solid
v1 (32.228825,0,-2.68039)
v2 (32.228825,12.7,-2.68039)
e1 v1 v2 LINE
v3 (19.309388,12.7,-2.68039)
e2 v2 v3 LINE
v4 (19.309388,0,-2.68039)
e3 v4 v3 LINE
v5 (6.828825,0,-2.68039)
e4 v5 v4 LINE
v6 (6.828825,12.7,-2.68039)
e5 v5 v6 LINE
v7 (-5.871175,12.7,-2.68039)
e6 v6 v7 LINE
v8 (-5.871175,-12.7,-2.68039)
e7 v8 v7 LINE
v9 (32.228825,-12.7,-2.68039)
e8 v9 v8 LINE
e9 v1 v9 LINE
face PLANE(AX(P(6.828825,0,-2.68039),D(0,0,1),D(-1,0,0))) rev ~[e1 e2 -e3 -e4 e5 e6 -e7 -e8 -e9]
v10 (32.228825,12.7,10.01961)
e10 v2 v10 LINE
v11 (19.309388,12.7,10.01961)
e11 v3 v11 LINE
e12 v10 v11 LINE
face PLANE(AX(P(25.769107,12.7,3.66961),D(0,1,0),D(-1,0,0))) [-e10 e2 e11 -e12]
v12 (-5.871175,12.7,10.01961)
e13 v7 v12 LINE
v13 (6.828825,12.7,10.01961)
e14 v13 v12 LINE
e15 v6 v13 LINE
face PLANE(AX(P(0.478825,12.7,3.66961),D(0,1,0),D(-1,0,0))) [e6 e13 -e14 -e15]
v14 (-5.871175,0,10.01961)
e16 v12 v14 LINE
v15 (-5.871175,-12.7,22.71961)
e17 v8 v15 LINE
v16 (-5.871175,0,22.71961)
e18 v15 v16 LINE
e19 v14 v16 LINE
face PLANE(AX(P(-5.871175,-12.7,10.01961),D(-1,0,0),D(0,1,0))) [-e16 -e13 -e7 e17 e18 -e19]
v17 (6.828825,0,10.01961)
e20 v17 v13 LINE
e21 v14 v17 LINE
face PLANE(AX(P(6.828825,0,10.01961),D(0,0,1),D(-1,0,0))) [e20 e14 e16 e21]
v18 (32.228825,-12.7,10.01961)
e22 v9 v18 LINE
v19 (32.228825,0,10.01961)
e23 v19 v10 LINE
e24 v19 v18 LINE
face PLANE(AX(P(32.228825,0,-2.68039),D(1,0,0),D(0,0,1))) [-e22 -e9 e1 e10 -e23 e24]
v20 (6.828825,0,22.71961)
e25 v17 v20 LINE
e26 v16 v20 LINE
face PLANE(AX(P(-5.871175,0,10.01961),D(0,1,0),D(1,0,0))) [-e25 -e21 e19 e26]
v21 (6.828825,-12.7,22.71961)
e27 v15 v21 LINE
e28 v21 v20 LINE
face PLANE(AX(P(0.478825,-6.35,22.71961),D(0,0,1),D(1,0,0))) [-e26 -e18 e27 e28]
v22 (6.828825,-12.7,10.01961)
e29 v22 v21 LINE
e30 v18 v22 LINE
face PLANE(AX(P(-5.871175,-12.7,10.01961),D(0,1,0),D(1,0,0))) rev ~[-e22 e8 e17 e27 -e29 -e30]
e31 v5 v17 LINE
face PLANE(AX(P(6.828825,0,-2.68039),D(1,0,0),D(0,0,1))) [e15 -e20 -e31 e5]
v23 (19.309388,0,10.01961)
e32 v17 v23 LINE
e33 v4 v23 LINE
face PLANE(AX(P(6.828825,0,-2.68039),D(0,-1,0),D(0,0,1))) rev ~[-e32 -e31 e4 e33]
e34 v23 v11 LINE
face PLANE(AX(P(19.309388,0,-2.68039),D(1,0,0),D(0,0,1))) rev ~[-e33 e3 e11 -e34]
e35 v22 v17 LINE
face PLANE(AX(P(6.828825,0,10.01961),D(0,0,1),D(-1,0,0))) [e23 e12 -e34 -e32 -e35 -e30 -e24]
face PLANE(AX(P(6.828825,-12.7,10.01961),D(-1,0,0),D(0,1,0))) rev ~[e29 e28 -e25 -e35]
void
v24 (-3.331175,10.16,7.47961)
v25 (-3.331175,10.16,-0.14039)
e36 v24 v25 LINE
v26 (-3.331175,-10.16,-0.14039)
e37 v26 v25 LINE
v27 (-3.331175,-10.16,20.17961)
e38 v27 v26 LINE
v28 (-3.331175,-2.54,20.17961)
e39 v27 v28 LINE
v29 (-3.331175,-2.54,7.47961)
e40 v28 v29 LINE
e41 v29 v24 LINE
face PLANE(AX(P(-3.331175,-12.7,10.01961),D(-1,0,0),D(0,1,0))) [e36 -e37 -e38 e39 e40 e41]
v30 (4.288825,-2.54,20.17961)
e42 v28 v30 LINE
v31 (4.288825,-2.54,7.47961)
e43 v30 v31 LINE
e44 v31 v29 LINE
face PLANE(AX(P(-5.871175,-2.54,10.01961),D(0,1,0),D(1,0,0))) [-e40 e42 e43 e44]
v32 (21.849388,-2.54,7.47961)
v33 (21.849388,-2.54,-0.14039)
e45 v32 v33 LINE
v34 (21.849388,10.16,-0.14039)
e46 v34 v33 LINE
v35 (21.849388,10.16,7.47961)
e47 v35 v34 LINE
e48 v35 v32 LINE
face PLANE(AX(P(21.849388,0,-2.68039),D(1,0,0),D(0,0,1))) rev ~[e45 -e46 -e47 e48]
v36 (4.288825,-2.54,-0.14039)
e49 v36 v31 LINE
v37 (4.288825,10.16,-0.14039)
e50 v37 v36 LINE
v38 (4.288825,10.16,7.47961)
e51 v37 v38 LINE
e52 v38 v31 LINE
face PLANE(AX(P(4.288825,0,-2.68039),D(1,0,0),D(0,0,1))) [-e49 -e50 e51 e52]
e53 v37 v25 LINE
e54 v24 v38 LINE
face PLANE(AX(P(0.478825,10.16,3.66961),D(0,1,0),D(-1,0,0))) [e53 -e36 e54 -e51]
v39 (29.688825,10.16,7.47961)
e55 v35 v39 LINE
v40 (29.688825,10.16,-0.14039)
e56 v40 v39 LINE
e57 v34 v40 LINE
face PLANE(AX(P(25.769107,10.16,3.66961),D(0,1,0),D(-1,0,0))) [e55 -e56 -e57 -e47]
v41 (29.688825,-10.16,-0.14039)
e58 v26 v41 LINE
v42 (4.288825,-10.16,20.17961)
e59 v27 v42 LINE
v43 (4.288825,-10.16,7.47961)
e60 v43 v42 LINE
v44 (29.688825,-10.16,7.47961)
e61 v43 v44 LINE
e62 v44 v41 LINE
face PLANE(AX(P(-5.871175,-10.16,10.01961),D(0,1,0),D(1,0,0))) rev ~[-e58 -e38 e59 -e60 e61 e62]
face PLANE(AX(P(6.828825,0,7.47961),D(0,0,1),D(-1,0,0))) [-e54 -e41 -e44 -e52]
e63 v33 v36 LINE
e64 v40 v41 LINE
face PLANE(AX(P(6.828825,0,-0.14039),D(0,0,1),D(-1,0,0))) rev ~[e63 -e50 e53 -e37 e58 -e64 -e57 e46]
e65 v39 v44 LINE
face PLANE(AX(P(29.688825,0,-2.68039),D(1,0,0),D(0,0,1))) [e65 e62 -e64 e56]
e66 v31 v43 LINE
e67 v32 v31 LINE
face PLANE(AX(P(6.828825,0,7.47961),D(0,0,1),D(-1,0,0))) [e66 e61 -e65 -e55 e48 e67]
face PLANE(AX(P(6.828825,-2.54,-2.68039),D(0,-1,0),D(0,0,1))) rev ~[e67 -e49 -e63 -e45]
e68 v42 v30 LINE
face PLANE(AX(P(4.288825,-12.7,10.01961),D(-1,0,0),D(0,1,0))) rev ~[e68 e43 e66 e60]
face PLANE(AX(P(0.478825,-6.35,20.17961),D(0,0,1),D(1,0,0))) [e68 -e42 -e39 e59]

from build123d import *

# Parameters (mm, degrees)
F0_W     = 12.7
F0_H     = 12.7
F1_DEPTH = 12.7
F2_DEPTH = 25.4
F3_W     = 12.9194361269
F3_H     = 12.7
F4_DEPTH = 12.7
F5_W     = 12.7
F5_H     = 12.7
F6_DEPTH = 12.7
F7_W     = 12.7
F7_H     = 12.7
F8_DEPTH = 12.7
F9_T     = -2.54


with BuildPart() as f1:
    # F0 (on Front) → F1 (new body)
    with BuildSketch(Plane.XZ):
        with Locations((0.4788246006, 3.6696097578)):
            Rectangle(F0_W, F0_H)
    extrude(amount=F1_DEPTH)

    # F2 (add): a face of the model
    f2_faces = [f1.faces().sort_by_distance(p)[0] for p in [
        (6.8288246006, -6.35, 3.6696097578),
    ]]
    extrude(f2_faces, amount=F2_DEPTH)

    # F3 (on face) → F4 (join)
    with BuildSketch(Plane(origin=(0, 0, 0), x_dir=(-1, 0, 0), z_dir=(0, 1, 0))):
        with Locations((-25.7691065371, 3.6696097578)):
            Rectangle(F3_W, F3_H)
    extrude(amount=F4_DEPTH)

    # F5 (on face) → F6 (join)
    with BuildSketch(Plane(origin=(0, 0, 0), x_dir=(-1, 0, 0), z_dir=(0, 1, 0))):
        with Locations((-0.4788246006, 3.6696097578)):
            Rectangle(F5_W, F5_H)
    extrude(amount=F6_DEPTH)

    # F7 (on face) → F8 (join)
    with BuildSketch(Plane.XY.offset(10.0196097578)):
        with Locations((0.4788246006, -6.35)):
            Rectangle(F7_W, F7_H)
    extrude(amount=F8_DEPTH)

    # F9 (hollow: no face is removed)
    offset(amount=F9_T, kind=Kind.INTERSECTION, mode=Mode.SUBTRACT)


solid = f1.part
